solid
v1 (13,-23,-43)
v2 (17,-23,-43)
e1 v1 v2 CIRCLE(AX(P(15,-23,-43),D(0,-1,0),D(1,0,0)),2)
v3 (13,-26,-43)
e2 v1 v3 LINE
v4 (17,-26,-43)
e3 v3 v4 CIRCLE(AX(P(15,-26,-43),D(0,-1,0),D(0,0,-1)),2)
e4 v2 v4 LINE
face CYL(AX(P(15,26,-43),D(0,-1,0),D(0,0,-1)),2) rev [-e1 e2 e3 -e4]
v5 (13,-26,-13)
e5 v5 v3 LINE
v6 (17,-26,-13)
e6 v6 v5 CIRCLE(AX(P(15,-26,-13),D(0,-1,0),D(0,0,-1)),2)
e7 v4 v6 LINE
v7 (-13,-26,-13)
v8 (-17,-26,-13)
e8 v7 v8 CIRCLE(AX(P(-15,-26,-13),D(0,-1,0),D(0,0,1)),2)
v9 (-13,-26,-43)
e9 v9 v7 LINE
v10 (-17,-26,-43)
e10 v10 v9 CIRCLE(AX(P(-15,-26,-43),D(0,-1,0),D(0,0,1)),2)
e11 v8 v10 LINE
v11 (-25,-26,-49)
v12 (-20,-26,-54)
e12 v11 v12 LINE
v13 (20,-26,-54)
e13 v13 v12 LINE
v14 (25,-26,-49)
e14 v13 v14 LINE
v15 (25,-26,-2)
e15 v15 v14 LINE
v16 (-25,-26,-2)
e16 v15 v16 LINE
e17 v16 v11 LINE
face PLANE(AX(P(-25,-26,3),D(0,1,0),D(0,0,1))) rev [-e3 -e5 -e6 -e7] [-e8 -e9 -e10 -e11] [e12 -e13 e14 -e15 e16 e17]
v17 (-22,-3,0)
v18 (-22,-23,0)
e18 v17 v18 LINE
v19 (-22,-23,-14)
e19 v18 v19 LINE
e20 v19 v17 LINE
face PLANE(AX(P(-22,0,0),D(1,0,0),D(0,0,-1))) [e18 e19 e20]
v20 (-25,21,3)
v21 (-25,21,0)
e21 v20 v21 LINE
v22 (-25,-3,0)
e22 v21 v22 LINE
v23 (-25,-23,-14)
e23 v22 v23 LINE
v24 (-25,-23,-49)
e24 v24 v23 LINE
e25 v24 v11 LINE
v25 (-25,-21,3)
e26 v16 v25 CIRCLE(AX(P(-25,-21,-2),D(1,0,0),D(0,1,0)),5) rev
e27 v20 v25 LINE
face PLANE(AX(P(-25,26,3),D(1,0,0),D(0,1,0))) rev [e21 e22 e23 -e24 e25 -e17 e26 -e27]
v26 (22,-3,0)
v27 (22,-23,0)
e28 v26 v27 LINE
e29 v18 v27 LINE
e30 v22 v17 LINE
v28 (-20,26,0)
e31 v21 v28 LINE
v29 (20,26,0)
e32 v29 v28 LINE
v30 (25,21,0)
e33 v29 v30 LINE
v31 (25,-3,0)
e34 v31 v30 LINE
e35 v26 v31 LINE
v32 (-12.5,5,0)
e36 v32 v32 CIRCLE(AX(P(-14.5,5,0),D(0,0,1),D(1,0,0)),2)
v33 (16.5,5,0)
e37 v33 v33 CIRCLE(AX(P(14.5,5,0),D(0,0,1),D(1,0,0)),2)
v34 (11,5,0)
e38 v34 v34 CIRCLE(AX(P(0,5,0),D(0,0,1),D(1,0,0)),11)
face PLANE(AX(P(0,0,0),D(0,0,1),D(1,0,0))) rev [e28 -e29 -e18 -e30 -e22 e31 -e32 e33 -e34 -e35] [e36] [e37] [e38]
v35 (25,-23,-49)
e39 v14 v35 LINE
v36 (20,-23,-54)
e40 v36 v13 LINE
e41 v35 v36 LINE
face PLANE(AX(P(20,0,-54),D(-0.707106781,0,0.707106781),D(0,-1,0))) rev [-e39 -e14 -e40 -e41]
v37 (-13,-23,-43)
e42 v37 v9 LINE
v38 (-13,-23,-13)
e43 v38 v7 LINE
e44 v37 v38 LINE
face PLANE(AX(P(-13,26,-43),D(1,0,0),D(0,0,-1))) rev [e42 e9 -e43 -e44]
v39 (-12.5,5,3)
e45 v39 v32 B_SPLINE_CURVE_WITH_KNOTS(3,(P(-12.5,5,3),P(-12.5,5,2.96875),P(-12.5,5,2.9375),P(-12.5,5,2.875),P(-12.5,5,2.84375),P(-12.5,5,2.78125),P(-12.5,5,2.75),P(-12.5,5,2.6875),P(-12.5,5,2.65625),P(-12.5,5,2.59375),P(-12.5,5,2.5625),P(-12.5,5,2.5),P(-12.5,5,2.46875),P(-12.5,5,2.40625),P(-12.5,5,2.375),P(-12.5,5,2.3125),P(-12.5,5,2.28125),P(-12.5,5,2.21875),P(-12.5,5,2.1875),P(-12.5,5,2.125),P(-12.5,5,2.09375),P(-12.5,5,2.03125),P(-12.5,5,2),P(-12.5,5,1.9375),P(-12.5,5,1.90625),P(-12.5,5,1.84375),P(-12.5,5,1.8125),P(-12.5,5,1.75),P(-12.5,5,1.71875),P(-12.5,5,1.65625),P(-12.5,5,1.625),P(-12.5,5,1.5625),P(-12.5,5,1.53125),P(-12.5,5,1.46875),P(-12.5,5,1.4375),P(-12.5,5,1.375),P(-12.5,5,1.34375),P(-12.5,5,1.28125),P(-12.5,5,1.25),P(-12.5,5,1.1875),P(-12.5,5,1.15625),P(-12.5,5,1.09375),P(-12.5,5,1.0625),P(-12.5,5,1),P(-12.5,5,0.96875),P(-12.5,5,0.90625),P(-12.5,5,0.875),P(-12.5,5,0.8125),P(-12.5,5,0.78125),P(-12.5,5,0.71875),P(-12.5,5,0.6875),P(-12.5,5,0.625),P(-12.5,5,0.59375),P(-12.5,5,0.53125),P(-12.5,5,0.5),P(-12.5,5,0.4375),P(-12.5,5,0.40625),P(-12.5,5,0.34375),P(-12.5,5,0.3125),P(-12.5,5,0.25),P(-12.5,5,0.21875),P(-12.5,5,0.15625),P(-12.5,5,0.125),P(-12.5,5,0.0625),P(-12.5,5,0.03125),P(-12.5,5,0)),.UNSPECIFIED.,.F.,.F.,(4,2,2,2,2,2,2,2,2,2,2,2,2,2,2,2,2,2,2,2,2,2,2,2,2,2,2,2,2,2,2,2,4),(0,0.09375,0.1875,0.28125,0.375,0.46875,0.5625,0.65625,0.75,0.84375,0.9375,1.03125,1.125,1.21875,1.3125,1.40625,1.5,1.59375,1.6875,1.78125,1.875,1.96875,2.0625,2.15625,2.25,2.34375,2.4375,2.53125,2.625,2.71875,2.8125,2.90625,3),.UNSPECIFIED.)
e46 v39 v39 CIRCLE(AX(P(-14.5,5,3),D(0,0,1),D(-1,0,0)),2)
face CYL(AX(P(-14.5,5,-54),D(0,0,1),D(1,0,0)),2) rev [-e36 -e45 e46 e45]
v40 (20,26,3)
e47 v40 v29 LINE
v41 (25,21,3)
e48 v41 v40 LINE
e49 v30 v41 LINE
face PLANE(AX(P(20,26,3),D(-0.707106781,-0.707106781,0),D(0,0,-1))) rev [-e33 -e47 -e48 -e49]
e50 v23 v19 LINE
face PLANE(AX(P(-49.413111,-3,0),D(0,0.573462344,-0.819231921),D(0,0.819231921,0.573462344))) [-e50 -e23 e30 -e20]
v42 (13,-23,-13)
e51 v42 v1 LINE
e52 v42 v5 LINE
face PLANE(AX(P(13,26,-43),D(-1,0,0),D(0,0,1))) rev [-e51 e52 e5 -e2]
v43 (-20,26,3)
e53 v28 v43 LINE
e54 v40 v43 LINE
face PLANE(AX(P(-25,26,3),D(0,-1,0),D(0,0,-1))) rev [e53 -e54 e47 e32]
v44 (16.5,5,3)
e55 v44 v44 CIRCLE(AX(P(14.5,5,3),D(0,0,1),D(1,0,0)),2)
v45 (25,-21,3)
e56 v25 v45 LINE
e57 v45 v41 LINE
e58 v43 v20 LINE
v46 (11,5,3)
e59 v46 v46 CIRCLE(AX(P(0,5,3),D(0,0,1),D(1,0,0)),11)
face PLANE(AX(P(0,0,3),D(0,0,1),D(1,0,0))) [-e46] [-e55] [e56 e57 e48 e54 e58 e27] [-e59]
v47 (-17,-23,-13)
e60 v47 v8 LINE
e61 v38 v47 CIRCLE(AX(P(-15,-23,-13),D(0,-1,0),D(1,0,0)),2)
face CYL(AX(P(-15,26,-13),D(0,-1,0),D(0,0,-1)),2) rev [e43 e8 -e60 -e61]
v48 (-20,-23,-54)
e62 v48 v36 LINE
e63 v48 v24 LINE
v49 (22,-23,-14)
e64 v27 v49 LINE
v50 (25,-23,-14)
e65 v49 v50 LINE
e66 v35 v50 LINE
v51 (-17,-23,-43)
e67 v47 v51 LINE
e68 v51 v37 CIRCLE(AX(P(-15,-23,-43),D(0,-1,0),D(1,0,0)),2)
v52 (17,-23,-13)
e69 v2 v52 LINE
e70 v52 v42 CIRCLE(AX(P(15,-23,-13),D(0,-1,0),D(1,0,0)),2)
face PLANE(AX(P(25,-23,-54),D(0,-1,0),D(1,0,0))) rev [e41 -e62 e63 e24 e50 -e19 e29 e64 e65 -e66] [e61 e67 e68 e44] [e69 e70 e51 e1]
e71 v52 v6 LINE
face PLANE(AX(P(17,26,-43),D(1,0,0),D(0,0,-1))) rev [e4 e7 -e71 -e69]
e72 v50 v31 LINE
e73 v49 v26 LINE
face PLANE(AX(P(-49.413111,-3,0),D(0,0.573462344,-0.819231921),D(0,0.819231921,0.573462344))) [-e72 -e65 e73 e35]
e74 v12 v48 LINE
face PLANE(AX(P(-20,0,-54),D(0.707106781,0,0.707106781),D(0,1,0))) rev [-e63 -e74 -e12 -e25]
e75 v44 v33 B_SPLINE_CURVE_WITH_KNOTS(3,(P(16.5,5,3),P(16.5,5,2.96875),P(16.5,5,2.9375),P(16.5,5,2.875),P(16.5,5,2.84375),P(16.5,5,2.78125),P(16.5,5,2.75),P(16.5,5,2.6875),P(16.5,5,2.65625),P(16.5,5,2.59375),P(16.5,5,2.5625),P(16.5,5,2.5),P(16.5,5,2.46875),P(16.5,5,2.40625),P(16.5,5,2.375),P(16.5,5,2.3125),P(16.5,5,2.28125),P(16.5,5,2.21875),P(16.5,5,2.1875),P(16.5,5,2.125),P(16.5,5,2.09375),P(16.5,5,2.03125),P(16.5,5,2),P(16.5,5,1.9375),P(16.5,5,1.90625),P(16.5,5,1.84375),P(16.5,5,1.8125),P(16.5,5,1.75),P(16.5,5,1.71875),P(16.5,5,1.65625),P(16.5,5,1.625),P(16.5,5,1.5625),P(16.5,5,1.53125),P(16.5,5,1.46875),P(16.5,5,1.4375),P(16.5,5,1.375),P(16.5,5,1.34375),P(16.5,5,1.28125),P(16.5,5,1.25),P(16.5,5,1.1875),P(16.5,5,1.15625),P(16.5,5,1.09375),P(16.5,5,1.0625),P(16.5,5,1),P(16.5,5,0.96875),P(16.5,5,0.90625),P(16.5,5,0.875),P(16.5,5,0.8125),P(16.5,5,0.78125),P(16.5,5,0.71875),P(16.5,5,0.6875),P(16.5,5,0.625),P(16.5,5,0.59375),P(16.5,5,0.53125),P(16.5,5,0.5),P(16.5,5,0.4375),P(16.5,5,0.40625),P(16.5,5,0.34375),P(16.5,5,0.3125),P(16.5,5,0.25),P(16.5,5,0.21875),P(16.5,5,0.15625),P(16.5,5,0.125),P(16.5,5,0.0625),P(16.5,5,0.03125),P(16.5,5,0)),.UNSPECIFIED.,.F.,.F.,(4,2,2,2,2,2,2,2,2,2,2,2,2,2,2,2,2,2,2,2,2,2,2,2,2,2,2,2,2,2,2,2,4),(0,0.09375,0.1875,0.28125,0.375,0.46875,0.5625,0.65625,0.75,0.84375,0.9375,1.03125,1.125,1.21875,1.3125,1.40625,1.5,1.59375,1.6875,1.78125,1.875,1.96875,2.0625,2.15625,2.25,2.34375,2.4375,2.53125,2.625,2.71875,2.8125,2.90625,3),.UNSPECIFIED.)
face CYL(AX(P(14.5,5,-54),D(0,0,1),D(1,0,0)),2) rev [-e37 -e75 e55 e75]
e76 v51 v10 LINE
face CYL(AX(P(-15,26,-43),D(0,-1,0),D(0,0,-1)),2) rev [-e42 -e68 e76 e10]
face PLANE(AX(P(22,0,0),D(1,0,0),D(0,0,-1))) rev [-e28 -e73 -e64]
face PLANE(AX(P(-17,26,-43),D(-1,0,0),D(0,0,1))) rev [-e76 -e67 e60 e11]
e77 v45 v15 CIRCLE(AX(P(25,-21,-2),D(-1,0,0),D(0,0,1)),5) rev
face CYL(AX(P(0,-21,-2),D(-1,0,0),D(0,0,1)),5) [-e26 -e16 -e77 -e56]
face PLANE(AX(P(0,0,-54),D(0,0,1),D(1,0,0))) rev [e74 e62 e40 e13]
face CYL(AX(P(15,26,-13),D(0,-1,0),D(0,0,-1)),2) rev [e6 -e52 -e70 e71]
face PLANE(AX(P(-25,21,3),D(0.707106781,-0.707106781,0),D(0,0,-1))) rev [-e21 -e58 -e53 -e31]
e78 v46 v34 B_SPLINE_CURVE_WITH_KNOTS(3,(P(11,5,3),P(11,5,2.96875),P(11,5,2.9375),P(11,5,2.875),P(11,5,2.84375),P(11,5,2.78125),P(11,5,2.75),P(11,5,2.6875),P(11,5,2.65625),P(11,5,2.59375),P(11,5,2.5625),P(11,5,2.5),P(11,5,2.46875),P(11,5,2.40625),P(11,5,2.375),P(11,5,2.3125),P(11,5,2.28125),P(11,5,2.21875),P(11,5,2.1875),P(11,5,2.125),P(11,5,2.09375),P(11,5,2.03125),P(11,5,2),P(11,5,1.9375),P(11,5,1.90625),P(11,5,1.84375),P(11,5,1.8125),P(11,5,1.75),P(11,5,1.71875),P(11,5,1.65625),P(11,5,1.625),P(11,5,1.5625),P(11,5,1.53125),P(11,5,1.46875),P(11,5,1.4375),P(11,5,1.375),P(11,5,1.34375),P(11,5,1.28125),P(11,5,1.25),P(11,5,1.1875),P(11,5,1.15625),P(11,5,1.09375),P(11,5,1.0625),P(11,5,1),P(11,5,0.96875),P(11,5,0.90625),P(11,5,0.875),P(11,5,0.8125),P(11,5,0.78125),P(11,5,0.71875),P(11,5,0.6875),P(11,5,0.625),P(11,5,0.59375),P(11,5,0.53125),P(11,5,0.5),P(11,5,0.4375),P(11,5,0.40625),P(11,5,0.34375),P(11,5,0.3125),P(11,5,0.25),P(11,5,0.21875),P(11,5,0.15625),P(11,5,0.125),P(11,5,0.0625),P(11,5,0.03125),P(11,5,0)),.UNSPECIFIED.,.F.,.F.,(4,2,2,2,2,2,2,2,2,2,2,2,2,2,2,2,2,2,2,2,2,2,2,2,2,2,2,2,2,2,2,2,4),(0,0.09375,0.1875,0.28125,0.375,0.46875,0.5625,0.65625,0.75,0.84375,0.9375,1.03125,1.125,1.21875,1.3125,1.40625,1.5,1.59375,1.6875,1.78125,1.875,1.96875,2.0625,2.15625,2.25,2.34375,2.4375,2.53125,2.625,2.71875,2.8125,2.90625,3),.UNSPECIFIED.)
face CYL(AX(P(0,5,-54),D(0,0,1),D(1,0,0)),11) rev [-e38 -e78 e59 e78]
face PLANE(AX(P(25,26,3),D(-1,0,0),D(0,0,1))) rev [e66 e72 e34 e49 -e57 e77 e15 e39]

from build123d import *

# Parameters (mm, degrees)
SKETCH_1_W          = 50
SKETCH_1_H          = 52
EXTRUDE_1_DEPTH     = 3
SKETCH_2_W          = 50
SKETCH_2_H          = 3
EXTRUDE_2_DEPTH     = 54
SKETCH_3_R          = 11
SKETCH_3_R_2        = 2
CUT_EXTRUDE_1_DEPTH = 68.453687816
CHAMFER_1_SIZE      = 5
CHAMFER_2_SIZE      = 5
CUT_EXTRUDE_2_DEPTH = 80.025312401
EXTRUDE_START       = -50
EXTRUDE_3_DEPTH     = 50
CUT_EXTRUDE_START   = -3
CUT_EXTRUDE_3_DEPTH = 44
FILLET_1_R          = 5


with BuildPart() as part:
    # 草圖1 → 填料-伸長1 (new body)
    with BuildSketch(Plane.XY):
        Rectangle(SKETCH_1_W, SKETCH_1_H)
    extrude(amount=EXTRUDE_1_DEPTH)

    # 草圖2 → 填料-伸長2 (add)
    with BuildSketch(Plane(origin=(0, 0, 0), x_dir=(-1, 0, 0), z_dir=(0, 0, -1))):
        with Locations((0, -24.5)):
            Rectangle(SKETCH_2_W, SKETCH_2_H)
    extrude(amount=EXTRUDE_2_DEPTH)

    # 草圖3 → 除料-伸長1 (cut, through all)
    with BuildSketch(Plane.XY.offset(3)):
        with Locations((0, 5)):
            Circle(SKETCH_3_R)
        with Locations((14.5, 5)):
            Circle(SKETCH_3_R_2)
        with Locations((-14.5, 5)):
            Circle(SKETCH_3_R_2)
    extrude(amount=-CUT_EXTRUDE_1_DEPTH, mode=Mode.SUBTRACT)

    # 導角1
    chamfer_1_edges = [part.edges().sort_by_distance(p)[0] for p in [
        (-25, 26, 1.5),
        (25, 26, 1.5),
    ]]
    chamfer(chamfer_1_edges, length=CHAMFER_1_SIZE)

    # 導角2
    chamfer_2_edges = [part.edges().sort_by_distance(p)[0] for p in [
        (25, -24.5, -54),
        (-25, -24.5, -54),
    ]]
    chamfer(chamfer_2_edges, length=CHAMFER_2_SIZE)

    # 草圖4 → 除料-伸長2 (cut, through all)
    with BuildSketch(Plane.XZ.offset(26)):
        with BuildLine():
            Line((13, -43), (13, -13))
            ThreePointArc((13, -13), (15, -11), (17, -13))
            Line((17, -13), (17, -43))
            ThreePointArc((17, -43), (15, -45), (13, -43))
        make_face()
        with BuildLine():
            Line((-13, -43), (-13, -13))
            ThreePointArc((-13, -13), (-15, -11), (-17, -13))
            Line((-17, -13), (-17, -43))
            ThreePointArc((-17, -43), (-15, -45), (-13, -43))
        make_face()
    extrude(amount=-CUT_EXTRUDE_2_DEPTH, mode=Mode.SUBTRACT)

    # 草圖5 → 填料-伸長3 (add)
    with BuildSketch(Plane(origin=(25, 0, 0), x_dir=(0, 0, -1), z_dir=(1, 0, 0)).offset(EXTRUDE_START)):
        Polygon((0, -23), (0, -3), (14, -23), align=None)
    extrude(amount=EXTRUDE_3_DEPTH)

    # 草圖6 → 除料-伸長3 (cut)
    with BuildSketch(Plane(origin=(25, 0, 0), x_dir=(0, 0, -1), z_dir=(1, 0, 0)).offset(CUT_EXTRUDE_START)):
        Polygon((0, -3), (14, -23), (0, -23), align=None)
    extrude(amount=-CUT_EXTRUDE_3_DEPTH, mode=Mode.SUBTRACT)

    # 圓角1
    fillet_1_edges = [part.edges().sort_by_distance(p)[0] for p in [
        (0, -26, 3),
    ]]
    fillet(fillet_1_edges, radius=FILLET_1_R)


solid = part.part
